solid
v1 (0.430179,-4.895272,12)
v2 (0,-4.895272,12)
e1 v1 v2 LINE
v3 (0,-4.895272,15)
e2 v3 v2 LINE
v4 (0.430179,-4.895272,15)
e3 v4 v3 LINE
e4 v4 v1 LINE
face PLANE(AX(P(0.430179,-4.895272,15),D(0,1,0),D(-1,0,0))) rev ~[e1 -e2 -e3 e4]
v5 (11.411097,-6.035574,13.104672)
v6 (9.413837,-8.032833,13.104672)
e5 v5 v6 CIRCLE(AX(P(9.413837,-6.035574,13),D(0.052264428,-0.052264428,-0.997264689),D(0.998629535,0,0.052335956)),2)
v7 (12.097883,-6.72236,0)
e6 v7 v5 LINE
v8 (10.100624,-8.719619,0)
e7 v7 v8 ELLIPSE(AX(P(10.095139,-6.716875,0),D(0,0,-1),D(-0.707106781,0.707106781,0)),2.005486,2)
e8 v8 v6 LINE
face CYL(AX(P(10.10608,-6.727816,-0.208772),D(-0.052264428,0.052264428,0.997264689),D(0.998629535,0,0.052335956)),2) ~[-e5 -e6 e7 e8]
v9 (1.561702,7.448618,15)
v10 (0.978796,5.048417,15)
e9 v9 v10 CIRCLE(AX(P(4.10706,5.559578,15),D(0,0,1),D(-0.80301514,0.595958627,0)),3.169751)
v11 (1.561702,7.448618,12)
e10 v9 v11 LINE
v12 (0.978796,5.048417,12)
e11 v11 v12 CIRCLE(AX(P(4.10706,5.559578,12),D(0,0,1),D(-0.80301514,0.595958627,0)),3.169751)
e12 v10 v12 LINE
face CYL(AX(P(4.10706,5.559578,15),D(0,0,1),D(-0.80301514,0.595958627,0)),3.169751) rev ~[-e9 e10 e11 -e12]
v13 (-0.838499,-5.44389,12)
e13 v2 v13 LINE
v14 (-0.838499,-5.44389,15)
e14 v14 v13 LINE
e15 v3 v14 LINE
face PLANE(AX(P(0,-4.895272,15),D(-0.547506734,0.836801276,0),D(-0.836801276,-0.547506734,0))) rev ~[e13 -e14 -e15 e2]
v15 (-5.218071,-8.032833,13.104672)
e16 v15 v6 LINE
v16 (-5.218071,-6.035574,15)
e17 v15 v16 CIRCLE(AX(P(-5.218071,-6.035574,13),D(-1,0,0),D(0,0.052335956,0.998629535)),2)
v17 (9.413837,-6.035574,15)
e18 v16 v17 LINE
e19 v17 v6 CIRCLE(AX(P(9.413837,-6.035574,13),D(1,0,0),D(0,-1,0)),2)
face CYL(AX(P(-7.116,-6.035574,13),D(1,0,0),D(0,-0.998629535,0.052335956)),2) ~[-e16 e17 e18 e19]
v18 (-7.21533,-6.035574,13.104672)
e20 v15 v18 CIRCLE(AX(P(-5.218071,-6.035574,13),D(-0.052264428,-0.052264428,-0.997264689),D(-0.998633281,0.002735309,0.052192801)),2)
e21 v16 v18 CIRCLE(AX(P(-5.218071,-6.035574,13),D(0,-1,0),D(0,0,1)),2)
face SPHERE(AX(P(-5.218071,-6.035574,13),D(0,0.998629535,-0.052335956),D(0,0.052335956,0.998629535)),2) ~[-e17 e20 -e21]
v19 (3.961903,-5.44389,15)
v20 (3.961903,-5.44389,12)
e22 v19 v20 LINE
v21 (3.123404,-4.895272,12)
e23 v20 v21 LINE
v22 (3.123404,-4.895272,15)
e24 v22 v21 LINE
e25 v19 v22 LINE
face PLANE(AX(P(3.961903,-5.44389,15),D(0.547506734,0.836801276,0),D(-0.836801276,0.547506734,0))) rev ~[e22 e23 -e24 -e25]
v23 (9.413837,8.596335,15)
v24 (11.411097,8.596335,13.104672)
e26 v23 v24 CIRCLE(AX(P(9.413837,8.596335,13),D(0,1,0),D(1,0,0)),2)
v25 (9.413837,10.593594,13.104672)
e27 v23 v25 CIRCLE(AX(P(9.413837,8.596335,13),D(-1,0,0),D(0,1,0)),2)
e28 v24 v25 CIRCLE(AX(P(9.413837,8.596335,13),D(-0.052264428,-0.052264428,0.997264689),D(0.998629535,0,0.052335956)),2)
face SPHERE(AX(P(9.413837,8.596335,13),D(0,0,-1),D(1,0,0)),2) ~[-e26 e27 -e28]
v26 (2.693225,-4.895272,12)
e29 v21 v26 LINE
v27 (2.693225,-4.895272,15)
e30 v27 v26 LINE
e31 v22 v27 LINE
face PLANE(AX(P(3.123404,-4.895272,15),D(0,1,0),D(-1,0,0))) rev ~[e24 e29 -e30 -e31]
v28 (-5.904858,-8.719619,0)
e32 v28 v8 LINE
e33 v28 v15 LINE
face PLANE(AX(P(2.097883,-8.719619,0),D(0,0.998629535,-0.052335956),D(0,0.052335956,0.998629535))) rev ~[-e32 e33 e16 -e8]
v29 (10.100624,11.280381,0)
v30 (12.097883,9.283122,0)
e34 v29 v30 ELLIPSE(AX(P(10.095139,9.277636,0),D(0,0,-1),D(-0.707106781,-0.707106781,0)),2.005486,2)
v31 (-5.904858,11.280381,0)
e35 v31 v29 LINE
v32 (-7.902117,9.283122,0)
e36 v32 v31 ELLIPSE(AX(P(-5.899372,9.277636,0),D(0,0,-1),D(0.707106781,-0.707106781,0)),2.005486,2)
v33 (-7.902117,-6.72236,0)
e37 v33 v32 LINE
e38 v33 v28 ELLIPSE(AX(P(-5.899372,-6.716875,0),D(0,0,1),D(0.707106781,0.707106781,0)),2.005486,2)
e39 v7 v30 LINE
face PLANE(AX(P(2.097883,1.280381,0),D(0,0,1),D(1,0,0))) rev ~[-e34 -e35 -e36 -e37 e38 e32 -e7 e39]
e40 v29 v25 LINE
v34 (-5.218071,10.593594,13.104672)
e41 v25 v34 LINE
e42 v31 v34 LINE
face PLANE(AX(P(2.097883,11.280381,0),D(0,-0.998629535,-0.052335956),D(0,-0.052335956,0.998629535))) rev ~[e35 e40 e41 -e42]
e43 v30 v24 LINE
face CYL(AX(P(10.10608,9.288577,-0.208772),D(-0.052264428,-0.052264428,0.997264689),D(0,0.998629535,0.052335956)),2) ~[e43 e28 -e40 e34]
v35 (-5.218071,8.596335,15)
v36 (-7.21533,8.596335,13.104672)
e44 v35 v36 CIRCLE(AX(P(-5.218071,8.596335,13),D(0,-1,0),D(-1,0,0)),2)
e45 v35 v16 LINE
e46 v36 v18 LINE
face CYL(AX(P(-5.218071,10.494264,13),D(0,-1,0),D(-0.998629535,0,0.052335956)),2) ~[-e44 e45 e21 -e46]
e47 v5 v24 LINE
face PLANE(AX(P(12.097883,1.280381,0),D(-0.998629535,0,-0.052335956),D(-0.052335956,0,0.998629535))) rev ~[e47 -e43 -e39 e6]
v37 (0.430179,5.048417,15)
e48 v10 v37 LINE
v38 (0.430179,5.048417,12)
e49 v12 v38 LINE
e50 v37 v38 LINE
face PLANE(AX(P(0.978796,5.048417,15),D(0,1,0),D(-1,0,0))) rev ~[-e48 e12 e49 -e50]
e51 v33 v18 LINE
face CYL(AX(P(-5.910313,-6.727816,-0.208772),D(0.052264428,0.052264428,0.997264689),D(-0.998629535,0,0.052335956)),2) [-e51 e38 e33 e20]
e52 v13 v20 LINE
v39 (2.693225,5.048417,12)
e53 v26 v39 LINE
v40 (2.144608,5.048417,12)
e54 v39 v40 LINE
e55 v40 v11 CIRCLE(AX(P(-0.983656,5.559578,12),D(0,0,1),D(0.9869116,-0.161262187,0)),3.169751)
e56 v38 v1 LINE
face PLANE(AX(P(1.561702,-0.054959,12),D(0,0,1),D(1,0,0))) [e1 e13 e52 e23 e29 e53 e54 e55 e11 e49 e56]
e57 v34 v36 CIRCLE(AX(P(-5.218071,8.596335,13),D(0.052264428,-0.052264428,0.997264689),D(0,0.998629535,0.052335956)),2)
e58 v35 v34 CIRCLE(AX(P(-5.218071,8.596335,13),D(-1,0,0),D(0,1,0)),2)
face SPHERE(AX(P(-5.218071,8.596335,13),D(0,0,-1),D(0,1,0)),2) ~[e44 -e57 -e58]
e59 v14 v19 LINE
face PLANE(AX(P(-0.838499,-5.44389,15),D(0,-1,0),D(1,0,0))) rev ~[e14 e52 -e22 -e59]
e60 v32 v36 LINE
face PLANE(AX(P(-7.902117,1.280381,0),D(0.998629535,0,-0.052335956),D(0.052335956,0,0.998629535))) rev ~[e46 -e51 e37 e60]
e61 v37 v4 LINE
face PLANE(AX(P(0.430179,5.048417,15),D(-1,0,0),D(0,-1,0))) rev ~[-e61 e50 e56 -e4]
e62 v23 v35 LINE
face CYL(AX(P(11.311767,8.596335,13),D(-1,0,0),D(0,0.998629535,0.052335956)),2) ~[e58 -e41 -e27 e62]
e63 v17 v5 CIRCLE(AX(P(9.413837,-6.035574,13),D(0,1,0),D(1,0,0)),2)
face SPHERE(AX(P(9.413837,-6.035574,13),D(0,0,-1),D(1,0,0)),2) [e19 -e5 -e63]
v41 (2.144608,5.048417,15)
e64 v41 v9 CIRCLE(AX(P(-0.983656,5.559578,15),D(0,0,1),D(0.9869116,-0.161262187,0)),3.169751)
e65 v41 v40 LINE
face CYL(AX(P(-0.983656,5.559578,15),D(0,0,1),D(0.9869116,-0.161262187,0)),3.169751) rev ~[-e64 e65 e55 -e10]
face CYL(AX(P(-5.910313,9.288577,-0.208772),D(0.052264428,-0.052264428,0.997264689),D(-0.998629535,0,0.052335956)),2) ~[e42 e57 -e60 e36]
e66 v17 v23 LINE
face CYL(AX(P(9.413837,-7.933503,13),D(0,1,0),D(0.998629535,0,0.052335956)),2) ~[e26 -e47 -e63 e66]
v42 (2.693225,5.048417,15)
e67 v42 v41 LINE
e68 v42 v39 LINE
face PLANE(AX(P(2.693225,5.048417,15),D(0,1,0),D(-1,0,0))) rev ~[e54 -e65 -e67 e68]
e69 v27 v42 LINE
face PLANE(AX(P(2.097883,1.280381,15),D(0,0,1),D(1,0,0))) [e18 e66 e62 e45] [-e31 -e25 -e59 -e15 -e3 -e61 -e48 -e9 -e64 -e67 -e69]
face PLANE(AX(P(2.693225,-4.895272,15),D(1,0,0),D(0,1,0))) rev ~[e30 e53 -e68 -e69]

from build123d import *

# Parameters (mm, degrees)
F0_W     = 20
F0_H     = 20
F1_DEPTH = 15
F1_TAPER = 3
F2_R     = 2
F4_W     = 20
F4_H     = 20
F5_DEPTH = 15
F5_TAPER = 3
F6_R     = 2
F9_DEPTH = 3


with BuildPart() as f1:
    # F0 (on Top) → F1 (new body)
    with BuildSketch(Plane.XY):
        with Locations((1.3560000807, 2.0036636425)):
            Rectangle(F0_W, F0_H)
    extrude(amount=F1_DEPTH, taper=F1_TAPER)

    # F2
    f2_edges = [f1.edges().sort_by_distance(p)[0] for p in [
        (1.356, 11.217547, 15),
        (10.962941, 11.610605, 7.500009),
        (-8.250942, 11.610605, 7.5),
        (10.569883, 2.003664, 15),
        (10.962942, -7.603278, 7.5),
        (-8.250942, -7.603278, 7.5),
        (-7.857883, 2.003664, 15),
        (1.356, -7.21022, 15),
    ]]
    fillet(f2_edges, radius=F2_R)


with BuildPart() as f5:
    # F4 (on Top) → F5 (new body)
    with BuildSketch(Plane.XY):
        with Locations((2.0978832617, 1.2803806274)):
            Rectangle(F4_W, F4_H)
    extrude(amount=F5_DEPTH, taper=F5_TAPER)

    # F6
    f6_edges = [f5.edges().sort_by_distance(p)[0] for p in [
        (-7.509058, 10.887322, 7.5),
        (11.704824, 10.887322, 7.500009),
        (11.704825, -8.326561, 7.5),
        (11.311767, 1.280381, 15),
        (2.097883, 10.494264, 15),
        (-7.116, 1.280381, 15),
        (2.097883, -7.933503, 15),
        (-7.509058, -8.326561, 7.5),
    ]]
    fillet(f6_edges, radius=F6_R)

    # F8 (on face) → F9 (cut)
    with BuildSketch(Plane.XY.offset(15)):
        with BuildLine():
            Line((-0.838498876, -5.4438896477), (1.5617019963, -5.4438896477))
            Line((1.5617019963, -5.4438896477), (3.9619028685, -5.4438896477))
            Line((3.9619028685, -5.4438896477), (3.1234039925, -4.8952721991))
            Line((3.1234039925, -4.8952721991), (2.6932252222, -4.8952721991))
            Line((2.6932252222, -4.8952721991), (2.6932252222, 5.0484170206))
            Line((2.6932252222, 5.0484170206), (2.1446079481, 5.0484170206))
            ThreePointArc((2.1446079481, 5.0484170206), (2.0965612153, 6.3076305978), (1.5617019963, 7.4486183003))
            ThreePointArc((1.5617019963, 7.4486183003), (1.0268427772, 6.3076305978), (0.9787960444, 5.0484170206))
            Line((0.9787960444, 5.0484170206), (0.4301787703, 5.0484170206))
            Line((0.4301787703, 5.0484170206), (0.4301787703, -4.8952721991))
            Line((0.4301787703, -4.8952721991), (0, -4.8952721991))
            Line((0, -4.8952721991), (-0.838498876, -5.4438896477))
        make_face()
    extrude(amount=-F9_DEPTH, mode=Mode.SUBTRACT)


solid = f5.part
